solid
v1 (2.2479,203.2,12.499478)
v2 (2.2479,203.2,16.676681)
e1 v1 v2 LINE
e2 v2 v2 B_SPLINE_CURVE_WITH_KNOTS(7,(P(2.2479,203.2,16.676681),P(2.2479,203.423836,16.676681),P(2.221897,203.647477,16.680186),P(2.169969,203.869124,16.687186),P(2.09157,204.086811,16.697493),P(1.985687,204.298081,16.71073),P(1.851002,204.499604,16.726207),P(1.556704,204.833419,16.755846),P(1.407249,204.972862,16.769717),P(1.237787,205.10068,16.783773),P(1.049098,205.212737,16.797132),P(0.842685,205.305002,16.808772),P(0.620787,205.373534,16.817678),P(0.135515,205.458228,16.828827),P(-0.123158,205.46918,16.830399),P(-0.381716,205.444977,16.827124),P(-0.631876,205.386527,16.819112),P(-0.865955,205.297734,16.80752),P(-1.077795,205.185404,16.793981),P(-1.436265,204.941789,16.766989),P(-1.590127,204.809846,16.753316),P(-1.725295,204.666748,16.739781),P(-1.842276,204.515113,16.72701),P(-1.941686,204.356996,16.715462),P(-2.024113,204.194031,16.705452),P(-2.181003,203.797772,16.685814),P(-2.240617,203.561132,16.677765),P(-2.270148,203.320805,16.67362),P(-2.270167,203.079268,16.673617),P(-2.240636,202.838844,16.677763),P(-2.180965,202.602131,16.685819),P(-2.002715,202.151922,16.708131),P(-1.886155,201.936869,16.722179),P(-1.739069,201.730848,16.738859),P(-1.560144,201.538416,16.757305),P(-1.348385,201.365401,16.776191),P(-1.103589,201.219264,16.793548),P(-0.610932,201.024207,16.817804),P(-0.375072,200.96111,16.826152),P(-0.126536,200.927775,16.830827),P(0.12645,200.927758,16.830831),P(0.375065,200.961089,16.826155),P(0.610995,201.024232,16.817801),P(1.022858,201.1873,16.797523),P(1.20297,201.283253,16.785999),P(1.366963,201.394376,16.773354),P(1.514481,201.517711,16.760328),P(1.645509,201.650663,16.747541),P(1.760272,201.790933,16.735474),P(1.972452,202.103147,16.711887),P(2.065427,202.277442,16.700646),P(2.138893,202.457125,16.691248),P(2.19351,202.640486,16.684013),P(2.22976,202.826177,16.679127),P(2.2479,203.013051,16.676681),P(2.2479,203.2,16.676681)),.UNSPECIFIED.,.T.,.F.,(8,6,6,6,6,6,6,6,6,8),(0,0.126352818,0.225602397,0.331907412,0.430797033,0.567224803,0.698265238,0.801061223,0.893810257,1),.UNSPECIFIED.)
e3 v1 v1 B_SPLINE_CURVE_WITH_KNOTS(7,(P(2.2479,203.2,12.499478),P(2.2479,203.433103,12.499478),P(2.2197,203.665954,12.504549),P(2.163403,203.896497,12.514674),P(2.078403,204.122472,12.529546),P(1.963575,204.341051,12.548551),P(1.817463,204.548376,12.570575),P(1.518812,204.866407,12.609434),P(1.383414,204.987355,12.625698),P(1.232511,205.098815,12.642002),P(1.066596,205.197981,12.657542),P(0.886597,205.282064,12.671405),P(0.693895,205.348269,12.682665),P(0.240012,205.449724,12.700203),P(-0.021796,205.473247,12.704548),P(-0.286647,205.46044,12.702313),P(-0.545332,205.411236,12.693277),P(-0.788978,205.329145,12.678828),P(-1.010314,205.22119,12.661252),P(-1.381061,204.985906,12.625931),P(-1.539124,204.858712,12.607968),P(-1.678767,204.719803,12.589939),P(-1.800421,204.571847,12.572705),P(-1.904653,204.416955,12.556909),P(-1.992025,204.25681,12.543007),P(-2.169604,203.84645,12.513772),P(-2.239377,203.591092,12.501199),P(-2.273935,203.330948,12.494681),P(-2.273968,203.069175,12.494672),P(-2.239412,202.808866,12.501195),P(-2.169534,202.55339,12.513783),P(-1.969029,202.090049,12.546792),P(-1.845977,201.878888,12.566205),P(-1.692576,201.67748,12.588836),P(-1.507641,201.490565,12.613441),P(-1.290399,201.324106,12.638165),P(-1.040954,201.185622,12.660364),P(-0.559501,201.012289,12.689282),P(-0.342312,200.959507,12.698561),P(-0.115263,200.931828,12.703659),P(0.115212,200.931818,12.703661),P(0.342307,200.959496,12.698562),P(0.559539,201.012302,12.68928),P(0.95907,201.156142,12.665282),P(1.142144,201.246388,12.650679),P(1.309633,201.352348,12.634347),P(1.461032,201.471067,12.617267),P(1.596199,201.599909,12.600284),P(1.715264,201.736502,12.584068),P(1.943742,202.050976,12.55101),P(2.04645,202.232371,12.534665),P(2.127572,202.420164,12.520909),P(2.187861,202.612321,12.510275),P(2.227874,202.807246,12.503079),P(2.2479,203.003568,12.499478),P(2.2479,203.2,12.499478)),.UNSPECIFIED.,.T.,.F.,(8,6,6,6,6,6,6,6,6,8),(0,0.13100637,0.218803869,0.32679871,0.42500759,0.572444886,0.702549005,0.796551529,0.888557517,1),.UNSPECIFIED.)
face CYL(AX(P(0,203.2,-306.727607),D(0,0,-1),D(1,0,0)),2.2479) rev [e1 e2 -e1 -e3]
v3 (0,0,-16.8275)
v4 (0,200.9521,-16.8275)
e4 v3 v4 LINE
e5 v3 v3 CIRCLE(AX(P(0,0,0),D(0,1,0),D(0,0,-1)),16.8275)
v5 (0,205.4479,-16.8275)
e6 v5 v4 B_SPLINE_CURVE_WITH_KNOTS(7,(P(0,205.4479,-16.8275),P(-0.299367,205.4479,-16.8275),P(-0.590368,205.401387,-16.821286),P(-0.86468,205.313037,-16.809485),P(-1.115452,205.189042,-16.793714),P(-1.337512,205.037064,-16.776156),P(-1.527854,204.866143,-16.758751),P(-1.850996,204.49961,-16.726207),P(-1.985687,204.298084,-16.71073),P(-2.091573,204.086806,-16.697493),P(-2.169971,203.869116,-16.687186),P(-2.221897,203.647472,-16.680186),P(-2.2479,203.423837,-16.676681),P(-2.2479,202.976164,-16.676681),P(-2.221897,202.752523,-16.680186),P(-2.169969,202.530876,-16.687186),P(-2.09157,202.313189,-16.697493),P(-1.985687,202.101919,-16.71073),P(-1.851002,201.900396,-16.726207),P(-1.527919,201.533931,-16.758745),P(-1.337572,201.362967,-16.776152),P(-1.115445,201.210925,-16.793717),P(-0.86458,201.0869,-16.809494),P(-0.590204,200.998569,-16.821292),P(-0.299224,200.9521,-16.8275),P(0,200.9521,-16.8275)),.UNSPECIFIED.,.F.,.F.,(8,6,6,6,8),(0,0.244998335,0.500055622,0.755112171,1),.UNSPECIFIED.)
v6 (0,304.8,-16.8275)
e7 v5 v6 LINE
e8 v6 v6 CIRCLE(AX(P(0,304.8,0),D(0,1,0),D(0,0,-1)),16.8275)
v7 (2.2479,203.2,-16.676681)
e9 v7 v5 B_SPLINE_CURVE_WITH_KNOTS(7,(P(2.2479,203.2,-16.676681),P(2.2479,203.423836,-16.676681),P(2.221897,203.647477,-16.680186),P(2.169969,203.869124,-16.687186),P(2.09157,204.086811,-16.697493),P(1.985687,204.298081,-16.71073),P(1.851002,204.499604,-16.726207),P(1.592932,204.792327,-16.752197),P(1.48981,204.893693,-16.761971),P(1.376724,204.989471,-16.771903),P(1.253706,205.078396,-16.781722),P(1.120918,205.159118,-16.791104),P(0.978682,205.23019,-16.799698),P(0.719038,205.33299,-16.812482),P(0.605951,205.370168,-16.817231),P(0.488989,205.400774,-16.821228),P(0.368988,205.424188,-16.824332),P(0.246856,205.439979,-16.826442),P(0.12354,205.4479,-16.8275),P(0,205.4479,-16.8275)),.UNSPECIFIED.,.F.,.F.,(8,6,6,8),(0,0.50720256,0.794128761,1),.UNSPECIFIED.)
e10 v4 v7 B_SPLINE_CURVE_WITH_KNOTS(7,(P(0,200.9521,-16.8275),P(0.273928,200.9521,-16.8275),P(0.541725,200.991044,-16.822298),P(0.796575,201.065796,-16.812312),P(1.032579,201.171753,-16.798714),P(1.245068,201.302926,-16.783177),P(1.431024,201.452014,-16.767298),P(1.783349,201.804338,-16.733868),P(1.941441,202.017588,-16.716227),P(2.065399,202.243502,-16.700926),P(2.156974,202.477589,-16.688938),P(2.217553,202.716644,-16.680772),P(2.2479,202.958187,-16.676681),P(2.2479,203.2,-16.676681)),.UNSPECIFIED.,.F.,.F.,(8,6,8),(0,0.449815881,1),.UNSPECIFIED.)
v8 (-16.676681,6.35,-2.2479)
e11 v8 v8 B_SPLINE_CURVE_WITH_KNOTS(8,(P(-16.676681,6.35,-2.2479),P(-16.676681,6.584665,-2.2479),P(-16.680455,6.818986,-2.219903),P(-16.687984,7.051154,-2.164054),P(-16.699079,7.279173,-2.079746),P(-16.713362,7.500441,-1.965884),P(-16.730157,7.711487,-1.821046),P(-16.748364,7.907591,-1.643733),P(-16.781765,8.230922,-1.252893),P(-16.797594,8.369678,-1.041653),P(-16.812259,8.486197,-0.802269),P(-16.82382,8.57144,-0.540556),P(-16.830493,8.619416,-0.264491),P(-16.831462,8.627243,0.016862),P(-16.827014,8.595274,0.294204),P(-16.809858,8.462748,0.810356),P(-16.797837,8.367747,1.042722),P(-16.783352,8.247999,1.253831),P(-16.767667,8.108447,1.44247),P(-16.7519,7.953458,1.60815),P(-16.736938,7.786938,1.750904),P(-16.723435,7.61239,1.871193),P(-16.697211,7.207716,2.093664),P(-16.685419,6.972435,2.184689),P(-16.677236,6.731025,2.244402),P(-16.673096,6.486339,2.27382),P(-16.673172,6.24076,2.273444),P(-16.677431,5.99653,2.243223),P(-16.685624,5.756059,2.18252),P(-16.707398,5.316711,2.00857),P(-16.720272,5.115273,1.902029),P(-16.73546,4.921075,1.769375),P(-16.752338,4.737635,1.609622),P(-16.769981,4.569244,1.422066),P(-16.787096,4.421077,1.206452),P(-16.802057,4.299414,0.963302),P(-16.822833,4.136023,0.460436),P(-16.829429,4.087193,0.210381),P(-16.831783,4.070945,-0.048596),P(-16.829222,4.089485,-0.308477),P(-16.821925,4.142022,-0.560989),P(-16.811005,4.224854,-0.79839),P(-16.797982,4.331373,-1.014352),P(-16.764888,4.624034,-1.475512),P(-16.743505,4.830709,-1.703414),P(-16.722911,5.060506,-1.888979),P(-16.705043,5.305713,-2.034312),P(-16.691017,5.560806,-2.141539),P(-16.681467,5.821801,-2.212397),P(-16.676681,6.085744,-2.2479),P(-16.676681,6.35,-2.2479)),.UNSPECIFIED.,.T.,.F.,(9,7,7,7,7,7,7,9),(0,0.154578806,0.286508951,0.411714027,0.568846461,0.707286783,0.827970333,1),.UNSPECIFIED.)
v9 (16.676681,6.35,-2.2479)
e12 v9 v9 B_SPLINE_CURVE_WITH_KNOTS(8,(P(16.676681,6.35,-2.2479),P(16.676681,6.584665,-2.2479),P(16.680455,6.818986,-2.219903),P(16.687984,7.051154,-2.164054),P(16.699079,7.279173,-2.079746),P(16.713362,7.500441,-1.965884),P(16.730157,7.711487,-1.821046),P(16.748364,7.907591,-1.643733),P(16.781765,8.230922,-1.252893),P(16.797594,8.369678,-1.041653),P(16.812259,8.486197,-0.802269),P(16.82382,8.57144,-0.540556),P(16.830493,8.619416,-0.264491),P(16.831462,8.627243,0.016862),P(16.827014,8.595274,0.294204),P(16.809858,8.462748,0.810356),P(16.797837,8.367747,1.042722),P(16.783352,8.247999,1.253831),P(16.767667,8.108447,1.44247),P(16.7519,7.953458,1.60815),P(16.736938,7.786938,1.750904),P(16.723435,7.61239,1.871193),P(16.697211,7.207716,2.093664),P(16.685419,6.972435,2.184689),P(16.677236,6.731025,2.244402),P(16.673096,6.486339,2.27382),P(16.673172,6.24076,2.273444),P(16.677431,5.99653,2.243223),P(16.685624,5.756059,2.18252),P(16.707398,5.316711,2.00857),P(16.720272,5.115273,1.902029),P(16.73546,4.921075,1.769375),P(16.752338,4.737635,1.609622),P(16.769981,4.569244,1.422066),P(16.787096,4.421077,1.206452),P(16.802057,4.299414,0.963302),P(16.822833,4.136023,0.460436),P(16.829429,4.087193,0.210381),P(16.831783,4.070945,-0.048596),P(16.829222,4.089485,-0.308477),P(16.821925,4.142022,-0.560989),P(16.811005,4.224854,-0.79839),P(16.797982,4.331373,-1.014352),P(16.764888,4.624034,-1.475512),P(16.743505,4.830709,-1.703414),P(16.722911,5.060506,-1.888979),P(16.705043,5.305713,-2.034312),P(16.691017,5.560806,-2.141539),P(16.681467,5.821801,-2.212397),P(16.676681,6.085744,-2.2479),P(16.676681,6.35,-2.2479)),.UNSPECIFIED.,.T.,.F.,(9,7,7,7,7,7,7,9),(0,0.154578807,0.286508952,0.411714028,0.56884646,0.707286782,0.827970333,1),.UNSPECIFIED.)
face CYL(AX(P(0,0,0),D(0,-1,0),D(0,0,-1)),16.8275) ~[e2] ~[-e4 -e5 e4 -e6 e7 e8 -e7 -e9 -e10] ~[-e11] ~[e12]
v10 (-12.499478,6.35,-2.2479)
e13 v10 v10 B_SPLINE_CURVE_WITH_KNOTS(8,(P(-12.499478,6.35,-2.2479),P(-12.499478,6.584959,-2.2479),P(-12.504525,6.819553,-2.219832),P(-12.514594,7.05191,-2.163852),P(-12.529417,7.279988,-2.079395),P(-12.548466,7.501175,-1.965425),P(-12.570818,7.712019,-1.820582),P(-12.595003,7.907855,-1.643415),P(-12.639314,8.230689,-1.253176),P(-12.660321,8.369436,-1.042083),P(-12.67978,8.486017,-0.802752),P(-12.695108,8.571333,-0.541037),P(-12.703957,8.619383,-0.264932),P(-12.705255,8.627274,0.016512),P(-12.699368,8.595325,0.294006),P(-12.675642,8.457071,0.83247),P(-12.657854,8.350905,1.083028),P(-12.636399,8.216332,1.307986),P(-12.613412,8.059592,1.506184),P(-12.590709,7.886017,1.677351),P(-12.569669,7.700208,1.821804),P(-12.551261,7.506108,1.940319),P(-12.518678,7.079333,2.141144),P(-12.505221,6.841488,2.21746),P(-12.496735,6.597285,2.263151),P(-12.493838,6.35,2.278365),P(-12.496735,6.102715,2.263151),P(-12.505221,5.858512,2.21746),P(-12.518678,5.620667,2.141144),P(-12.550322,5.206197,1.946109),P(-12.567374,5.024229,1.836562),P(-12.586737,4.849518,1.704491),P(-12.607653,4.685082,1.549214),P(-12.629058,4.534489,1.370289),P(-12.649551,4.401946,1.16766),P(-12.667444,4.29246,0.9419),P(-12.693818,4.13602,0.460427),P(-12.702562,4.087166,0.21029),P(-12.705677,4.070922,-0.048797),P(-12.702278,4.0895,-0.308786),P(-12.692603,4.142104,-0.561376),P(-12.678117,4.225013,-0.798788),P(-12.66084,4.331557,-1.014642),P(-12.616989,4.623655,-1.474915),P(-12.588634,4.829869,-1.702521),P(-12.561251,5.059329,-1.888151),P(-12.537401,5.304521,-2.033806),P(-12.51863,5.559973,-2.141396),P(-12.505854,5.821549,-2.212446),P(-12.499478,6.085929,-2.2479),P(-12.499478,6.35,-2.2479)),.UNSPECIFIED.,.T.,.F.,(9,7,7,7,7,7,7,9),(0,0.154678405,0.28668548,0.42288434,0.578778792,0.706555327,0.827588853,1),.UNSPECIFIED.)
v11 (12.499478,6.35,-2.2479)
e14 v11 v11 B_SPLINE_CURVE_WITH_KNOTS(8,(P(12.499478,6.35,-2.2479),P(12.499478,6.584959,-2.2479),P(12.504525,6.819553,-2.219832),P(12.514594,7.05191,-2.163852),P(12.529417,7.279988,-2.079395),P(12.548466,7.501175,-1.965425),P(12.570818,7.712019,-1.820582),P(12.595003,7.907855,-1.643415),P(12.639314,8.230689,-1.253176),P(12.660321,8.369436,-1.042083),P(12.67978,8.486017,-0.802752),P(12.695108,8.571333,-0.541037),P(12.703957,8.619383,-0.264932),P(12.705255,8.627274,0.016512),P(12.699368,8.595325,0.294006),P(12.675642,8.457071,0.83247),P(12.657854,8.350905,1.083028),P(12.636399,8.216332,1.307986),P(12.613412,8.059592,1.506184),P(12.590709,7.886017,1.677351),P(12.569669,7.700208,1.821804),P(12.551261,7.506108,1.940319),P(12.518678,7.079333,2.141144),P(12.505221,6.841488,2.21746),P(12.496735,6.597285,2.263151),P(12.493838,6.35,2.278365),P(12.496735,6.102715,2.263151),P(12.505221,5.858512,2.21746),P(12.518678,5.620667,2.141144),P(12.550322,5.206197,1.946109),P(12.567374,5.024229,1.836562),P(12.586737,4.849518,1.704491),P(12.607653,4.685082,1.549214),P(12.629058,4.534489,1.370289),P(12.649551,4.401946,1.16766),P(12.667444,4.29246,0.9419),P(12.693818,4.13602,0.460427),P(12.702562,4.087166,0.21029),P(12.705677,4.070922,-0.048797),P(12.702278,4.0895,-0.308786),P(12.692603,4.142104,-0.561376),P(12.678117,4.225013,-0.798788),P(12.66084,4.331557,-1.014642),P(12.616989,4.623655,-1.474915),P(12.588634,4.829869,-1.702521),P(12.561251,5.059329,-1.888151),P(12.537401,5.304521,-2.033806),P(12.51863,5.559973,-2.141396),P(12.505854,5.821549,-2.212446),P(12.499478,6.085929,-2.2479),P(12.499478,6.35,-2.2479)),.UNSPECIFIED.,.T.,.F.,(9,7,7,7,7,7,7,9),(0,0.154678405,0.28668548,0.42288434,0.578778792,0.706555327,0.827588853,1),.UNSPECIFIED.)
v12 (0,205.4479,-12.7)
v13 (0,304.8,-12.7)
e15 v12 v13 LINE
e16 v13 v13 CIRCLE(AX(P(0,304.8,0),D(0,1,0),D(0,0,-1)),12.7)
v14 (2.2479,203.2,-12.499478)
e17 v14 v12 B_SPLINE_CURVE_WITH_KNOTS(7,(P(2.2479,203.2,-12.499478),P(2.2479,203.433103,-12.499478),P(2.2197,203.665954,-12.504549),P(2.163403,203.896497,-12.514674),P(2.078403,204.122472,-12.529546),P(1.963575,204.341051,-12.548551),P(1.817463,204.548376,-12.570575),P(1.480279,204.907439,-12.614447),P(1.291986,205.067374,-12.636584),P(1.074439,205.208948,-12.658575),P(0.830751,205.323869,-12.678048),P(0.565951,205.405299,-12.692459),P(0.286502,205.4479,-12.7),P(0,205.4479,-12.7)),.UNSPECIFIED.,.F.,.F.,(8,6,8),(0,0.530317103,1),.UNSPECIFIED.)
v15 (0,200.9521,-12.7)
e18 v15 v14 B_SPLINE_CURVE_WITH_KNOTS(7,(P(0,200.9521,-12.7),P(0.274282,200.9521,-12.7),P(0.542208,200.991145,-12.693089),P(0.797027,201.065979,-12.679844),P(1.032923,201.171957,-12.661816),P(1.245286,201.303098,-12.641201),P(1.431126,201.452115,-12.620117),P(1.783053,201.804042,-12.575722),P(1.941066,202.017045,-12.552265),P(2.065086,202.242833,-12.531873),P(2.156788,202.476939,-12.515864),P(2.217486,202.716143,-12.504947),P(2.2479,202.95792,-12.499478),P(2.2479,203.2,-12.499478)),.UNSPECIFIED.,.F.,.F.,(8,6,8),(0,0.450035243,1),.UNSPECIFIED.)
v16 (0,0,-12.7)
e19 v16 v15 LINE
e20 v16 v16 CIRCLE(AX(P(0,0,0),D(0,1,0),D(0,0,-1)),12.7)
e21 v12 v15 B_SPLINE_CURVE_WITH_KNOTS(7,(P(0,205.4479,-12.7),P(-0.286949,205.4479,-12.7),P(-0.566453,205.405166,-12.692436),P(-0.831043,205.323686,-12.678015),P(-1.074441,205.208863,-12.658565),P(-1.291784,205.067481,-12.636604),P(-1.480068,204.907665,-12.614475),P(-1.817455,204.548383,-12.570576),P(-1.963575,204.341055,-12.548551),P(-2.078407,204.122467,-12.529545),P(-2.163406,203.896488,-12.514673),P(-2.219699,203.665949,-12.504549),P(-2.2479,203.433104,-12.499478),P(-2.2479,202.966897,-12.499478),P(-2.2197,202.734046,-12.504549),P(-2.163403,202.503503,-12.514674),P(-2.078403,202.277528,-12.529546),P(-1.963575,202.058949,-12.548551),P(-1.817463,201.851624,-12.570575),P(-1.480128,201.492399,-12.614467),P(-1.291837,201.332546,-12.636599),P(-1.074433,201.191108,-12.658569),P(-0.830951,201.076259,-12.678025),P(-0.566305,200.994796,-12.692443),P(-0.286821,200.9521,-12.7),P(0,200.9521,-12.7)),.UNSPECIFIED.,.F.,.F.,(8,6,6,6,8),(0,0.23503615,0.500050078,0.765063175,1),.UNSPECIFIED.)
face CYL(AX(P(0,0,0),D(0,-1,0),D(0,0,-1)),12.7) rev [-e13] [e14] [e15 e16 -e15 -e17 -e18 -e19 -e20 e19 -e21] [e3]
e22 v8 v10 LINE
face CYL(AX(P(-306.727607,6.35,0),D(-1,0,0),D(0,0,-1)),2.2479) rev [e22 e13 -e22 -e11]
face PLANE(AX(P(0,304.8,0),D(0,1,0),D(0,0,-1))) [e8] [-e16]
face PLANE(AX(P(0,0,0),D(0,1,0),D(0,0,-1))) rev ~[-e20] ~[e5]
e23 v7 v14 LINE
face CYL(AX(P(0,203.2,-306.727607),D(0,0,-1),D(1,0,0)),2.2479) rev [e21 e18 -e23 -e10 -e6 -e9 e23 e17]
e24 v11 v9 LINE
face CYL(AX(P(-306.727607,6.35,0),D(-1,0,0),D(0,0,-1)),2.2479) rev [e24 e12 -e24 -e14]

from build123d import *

# Parameters (mm, degrees)
SKETCH1_R               = 16.8275
SKETCH1_R_2             = 12.7
BOSS_EXTRUDE1_DEPTH     = 304.8
CUT_EXTRUDE1_DEPTH      = 306.727606723
CUT_EXTRUDE1_DEPTH_BACK = 306.727606723
SKETCH2_R               = 2.2479
CUT_EXTRUDE2_DEPTH      = 306.727606834
CUT_EXTRUDE2_DEPTH_BACK = 306.727606834
SKETCH3_R               = 2.2479


with BuildPart() as part:
    # Sketch1 → Boss-Extrude1 (new body)
    with BuildSketch(Plane(origin=(0, 0, 0), x_dir=(1, 0, 0), z_dir=(0, 1, 0))):
        with Locations(Location((0, 0, 0), (0, 0, 90))):
            Circle(SKETCH1_R)
        with Locations(Location((0, 0, 0), (0, 0, 90))):
            Circle(SKETCH1_R_2, mode=Mode.SUBTRACT)
    extrude(amount=BOSS_EXTRUDE1_DEPTH)

    # Sketch2 → Cut-Extrude1 (cut, two sides: drawn at the far end of the back side and taken through both)
    with BuildSketch(Plane.XY.offset(-CUT_EXTRUDE1_DEPTH_BACK)):
        with Locations((0, 203.2)):
            Circle(SKETCH2_R)
    extrude(amount=CUT_EXTRUDE1_DEPTH + CUT_EXTRUDE1_DEPTH_BACK, mode=Mode.SUBTRACT)

    # Sketch3 → Cut-Extrude2 (cut, two sides: drawn at the far end of the back side and taken through both)
    with BuildSketch(Plane(origin=(0, 0, 0), x_dir=(0, 0, -1), z_dir=(1, 0, 0)).offset(-CUT_EXTRUDE2_DEPTH_BACK)):
        with Locations((0, 6.35)):
            Circle(SKETCH3_R)
    extrude(amount=CUT_EXTRUDE2_DEPTH + CUT_EXTRUDE2_DEPTH_BACK, mode=Mode.SUBTRACT)


solid = part.part
